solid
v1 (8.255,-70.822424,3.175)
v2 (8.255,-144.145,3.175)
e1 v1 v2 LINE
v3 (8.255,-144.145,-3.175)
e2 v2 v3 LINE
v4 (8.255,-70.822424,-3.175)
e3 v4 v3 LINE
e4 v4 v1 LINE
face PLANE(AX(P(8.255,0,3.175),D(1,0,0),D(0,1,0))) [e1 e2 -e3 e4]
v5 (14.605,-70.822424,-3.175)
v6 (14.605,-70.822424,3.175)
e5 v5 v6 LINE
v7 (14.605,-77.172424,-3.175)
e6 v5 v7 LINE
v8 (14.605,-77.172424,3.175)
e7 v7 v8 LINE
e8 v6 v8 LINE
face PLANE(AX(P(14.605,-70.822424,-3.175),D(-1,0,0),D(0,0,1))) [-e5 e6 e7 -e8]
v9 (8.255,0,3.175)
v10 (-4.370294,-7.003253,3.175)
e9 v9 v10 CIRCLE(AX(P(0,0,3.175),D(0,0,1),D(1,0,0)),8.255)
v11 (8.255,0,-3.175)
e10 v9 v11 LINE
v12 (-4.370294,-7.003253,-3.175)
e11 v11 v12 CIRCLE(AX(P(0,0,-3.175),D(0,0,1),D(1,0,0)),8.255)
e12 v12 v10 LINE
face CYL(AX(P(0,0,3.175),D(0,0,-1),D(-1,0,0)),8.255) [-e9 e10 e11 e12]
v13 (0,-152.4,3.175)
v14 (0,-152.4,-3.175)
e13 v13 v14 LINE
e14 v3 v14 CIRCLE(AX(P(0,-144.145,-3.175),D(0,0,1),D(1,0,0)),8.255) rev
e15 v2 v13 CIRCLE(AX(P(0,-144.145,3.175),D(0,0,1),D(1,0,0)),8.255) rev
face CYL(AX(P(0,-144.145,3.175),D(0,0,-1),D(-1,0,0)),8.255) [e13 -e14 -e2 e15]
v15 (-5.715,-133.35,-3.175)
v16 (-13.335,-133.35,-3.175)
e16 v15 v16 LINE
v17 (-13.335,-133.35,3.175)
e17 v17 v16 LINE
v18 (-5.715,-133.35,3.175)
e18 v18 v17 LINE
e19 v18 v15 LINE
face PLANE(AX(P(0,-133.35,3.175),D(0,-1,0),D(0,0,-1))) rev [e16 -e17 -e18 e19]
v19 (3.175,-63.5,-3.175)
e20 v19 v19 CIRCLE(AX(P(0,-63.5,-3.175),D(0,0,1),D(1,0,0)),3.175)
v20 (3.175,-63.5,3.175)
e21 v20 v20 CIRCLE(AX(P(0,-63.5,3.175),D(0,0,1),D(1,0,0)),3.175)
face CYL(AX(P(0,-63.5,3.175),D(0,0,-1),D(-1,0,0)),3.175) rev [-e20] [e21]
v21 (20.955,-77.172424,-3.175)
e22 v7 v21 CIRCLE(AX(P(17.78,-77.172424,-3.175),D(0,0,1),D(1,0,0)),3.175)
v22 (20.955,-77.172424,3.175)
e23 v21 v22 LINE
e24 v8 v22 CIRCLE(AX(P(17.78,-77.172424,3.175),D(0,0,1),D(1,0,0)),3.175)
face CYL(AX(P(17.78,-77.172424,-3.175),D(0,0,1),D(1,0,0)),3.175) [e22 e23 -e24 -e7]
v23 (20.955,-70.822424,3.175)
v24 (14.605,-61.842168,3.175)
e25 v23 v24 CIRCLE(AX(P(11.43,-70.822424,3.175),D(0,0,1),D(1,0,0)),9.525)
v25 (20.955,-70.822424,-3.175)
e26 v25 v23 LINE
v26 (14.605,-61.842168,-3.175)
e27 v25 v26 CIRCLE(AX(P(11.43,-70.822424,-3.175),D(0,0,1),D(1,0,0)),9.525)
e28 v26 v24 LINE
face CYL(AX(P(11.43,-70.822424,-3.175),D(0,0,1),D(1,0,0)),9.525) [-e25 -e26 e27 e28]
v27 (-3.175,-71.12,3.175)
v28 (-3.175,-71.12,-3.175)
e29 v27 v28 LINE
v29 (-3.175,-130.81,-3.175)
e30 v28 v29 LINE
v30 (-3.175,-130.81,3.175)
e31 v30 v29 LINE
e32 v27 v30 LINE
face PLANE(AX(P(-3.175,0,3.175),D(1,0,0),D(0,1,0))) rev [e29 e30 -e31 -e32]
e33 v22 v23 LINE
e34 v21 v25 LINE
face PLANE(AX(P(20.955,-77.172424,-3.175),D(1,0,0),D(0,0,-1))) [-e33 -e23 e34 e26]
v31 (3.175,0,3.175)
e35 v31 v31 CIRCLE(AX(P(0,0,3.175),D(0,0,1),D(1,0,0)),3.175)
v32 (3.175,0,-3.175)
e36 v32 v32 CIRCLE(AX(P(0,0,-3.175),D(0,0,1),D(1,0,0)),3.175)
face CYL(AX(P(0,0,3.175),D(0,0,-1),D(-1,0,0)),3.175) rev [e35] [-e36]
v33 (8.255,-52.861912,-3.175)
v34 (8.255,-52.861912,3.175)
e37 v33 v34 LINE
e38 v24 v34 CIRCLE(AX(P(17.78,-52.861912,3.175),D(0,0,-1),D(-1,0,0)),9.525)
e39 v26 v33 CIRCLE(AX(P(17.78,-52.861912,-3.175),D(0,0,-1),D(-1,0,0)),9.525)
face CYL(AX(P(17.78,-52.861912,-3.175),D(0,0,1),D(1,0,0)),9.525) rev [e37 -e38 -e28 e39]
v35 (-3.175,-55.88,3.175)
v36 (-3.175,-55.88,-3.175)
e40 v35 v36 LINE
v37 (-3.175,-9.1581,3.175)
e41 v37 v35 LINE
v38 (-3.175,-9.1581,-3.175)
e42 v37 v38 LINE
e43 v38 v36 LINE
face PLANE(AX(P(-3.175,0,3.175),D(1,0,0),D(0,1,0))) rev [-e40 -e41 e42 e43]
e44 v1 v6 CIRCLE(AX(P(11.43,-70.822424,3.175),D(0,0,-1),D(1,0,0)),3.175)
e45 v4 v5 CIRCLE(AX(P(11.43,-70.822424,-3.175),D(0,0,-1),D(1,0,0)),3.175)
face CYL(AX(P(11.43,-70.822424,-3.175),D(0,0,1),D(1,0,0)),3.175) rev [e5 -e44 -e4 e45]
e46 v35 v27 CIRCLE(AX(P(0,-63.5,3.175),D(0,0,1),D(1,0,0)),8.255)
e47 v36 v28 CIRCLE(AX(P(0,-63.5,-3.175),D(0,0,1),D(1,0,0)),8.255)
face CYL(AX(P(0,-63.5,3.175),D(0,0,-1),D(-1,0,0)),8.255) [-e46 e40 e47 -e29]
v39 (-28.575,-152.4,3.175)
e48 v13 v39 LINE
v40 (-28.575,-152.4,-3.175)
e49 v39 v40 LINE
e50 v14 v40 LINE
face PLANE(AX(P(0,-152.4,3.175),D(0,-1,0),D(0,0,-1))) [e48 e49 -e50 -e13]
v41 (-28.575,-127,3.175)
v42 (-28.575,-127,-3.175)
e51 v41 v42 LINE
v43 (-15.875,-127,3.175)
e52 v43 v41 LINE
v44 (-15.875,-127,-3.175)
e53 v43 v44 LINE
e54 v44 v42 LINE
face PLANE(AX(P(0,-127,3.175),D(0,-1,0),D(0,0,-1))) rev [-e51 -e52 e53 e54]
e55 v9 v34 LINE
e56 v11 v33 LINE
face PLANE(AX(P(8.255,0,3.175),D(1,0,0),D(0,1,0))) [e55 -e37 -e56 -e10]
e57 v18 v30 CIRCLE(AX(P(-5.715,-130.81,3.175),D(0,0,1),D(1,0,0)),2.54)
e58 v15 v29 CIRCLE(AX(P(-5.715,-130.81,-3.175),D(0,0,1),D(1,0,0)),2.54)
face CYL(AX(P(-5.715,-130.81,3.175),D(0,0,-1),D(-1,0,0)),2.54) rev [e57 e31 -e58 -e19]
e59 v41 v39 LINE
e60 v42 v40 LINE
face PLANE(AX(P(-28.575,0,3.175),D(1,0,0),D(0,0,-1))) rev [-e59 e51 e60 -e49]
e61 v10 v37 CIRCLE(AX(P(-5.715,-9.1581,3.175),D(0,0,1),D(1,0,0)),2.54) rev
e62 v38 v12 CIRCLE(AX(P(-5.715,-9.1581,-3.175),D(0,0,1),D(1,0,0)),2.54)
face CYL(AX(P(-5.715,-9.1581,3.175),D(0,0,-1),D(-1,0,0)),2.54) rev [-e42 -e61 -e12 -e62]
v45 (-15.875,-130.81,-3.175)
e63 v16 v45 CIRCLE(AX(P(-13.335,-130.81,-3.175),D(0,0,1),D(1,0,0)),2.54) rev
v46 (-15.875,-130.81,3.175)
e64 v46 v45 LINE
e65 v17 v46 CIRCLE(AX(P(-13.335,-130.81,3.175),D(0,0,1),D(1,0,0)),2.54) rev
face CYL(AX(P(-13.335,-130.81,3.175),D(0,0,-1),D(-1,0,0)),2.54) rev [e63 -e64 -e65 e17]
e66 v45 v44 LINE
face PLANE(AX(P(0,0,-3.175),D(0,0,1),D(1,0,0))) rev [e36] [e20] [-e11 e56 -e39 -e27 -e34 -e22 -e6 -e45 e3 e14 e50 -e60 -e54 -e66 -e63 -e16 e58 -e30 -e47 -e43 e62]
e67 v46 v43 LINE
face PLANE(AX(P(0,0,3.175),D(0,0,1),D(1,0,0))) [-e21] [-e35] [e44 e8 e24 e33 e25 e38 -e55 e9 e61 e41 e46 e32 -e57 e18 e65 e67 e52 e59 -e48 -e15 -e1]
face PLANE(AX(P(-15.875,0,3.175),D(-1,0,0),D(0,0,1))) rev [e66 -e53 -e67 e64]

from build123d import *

# Parameters (mm, degrees)
SKETCH1_R           = 3.175
BOSS_EXTRUDE1_DEPTH = 3.175
FILLET1_R           = 2.54
BOSS_EXTRUDE2_DEPTH = 6.35


with BuildPart() as part:
    # Sketch1 → Boss-Extrude1 (new, symmetric)
    with BuildSketch(Plane.XY):
        with BuildLine():
            Line((8.255, 0), (8.255, -144.145))
            ThreePointArc((8.255, -144.145), (5.837166479, -149.982166479), (0, -152.4))
            Line((0, -152.4), (-28.575, -152.4))
            Line((-28.575, -152.4), (-28.575, -127))
            Line((-28.575, -127), (-15.875, -127))
            Line((-15.875, -127), (-15.875, -130.81))
            ThreePointArc((-15.875, -130.81), (-15.131051224, -132.606051224), (-13.335, -133.35))
            Line((-13.335, -133.35), (-5.715, -133.35))
            ThreePointArc((-5.715, -133.35), (-3.918948776, -132.606051224), (-3.175, -130.81))
            Line((-3.175, -130.81), (-3.175, -71.12))
            ThreePointArc((-3.175, -71.12), (-8.255, -63.5), (-3.175, -55.88))
            Line((-3.175, -55.88), (-3.175, -7.62))
            ThreePointArc((-3.175, -7.62), (-4.57905012, 6.86857518), (8.255, 0))
        make_face()
        Circle(SKETCH1_R, mode=Mode.SUBTRACT)
        with Locations((0, -63.5)):
            Circle(SKETCH1_R, mode=Mode.SUBTRACT)
    extrude(amount=BOSS_EXTRUDE1_DEPTH, both=True)

    # Fillet1
    fillet1_edges = [part.edges().sort_by_distance(p)[0] for p in [
        (-3.175, -7.62, 0),
    ]]
    fillet(fillet1_edges, radius=FILLET1_R)

    # Sketch2 → Boss-Extrude2 (add)
    with BuildSketch(Plane.XY.offset(3.175)):
        with BuildLine():
            Line((14.605, -70.822423777), (14.605, -77.172423777))
            ThreePointArc((14.605, -77.172423777), (17.78, -80.347423777), (20.955, -77.172423777))
            Line((20.955, -77.172423777), (20.955, -70.822423777))
            ThreePointArc((20.955, -70.822423777), (19.207129933, -65.323162463), (14.605, -61.842167656))
            ThreePointArc((14.605, -61.842167656), (10.002870067, -58.361172848), (8.255, -52.861911534))
            Line((8.255, -52.861911534), (8.255, -70.822423777))
            ThreePointArc((8.255, -70.822423777), (11.43, -67.647423777), (14.605, -70.822423777))
        make_face()
    extrude(amount=-BOSS_EXTRUDE2_DEPTH)


solid = part.part
